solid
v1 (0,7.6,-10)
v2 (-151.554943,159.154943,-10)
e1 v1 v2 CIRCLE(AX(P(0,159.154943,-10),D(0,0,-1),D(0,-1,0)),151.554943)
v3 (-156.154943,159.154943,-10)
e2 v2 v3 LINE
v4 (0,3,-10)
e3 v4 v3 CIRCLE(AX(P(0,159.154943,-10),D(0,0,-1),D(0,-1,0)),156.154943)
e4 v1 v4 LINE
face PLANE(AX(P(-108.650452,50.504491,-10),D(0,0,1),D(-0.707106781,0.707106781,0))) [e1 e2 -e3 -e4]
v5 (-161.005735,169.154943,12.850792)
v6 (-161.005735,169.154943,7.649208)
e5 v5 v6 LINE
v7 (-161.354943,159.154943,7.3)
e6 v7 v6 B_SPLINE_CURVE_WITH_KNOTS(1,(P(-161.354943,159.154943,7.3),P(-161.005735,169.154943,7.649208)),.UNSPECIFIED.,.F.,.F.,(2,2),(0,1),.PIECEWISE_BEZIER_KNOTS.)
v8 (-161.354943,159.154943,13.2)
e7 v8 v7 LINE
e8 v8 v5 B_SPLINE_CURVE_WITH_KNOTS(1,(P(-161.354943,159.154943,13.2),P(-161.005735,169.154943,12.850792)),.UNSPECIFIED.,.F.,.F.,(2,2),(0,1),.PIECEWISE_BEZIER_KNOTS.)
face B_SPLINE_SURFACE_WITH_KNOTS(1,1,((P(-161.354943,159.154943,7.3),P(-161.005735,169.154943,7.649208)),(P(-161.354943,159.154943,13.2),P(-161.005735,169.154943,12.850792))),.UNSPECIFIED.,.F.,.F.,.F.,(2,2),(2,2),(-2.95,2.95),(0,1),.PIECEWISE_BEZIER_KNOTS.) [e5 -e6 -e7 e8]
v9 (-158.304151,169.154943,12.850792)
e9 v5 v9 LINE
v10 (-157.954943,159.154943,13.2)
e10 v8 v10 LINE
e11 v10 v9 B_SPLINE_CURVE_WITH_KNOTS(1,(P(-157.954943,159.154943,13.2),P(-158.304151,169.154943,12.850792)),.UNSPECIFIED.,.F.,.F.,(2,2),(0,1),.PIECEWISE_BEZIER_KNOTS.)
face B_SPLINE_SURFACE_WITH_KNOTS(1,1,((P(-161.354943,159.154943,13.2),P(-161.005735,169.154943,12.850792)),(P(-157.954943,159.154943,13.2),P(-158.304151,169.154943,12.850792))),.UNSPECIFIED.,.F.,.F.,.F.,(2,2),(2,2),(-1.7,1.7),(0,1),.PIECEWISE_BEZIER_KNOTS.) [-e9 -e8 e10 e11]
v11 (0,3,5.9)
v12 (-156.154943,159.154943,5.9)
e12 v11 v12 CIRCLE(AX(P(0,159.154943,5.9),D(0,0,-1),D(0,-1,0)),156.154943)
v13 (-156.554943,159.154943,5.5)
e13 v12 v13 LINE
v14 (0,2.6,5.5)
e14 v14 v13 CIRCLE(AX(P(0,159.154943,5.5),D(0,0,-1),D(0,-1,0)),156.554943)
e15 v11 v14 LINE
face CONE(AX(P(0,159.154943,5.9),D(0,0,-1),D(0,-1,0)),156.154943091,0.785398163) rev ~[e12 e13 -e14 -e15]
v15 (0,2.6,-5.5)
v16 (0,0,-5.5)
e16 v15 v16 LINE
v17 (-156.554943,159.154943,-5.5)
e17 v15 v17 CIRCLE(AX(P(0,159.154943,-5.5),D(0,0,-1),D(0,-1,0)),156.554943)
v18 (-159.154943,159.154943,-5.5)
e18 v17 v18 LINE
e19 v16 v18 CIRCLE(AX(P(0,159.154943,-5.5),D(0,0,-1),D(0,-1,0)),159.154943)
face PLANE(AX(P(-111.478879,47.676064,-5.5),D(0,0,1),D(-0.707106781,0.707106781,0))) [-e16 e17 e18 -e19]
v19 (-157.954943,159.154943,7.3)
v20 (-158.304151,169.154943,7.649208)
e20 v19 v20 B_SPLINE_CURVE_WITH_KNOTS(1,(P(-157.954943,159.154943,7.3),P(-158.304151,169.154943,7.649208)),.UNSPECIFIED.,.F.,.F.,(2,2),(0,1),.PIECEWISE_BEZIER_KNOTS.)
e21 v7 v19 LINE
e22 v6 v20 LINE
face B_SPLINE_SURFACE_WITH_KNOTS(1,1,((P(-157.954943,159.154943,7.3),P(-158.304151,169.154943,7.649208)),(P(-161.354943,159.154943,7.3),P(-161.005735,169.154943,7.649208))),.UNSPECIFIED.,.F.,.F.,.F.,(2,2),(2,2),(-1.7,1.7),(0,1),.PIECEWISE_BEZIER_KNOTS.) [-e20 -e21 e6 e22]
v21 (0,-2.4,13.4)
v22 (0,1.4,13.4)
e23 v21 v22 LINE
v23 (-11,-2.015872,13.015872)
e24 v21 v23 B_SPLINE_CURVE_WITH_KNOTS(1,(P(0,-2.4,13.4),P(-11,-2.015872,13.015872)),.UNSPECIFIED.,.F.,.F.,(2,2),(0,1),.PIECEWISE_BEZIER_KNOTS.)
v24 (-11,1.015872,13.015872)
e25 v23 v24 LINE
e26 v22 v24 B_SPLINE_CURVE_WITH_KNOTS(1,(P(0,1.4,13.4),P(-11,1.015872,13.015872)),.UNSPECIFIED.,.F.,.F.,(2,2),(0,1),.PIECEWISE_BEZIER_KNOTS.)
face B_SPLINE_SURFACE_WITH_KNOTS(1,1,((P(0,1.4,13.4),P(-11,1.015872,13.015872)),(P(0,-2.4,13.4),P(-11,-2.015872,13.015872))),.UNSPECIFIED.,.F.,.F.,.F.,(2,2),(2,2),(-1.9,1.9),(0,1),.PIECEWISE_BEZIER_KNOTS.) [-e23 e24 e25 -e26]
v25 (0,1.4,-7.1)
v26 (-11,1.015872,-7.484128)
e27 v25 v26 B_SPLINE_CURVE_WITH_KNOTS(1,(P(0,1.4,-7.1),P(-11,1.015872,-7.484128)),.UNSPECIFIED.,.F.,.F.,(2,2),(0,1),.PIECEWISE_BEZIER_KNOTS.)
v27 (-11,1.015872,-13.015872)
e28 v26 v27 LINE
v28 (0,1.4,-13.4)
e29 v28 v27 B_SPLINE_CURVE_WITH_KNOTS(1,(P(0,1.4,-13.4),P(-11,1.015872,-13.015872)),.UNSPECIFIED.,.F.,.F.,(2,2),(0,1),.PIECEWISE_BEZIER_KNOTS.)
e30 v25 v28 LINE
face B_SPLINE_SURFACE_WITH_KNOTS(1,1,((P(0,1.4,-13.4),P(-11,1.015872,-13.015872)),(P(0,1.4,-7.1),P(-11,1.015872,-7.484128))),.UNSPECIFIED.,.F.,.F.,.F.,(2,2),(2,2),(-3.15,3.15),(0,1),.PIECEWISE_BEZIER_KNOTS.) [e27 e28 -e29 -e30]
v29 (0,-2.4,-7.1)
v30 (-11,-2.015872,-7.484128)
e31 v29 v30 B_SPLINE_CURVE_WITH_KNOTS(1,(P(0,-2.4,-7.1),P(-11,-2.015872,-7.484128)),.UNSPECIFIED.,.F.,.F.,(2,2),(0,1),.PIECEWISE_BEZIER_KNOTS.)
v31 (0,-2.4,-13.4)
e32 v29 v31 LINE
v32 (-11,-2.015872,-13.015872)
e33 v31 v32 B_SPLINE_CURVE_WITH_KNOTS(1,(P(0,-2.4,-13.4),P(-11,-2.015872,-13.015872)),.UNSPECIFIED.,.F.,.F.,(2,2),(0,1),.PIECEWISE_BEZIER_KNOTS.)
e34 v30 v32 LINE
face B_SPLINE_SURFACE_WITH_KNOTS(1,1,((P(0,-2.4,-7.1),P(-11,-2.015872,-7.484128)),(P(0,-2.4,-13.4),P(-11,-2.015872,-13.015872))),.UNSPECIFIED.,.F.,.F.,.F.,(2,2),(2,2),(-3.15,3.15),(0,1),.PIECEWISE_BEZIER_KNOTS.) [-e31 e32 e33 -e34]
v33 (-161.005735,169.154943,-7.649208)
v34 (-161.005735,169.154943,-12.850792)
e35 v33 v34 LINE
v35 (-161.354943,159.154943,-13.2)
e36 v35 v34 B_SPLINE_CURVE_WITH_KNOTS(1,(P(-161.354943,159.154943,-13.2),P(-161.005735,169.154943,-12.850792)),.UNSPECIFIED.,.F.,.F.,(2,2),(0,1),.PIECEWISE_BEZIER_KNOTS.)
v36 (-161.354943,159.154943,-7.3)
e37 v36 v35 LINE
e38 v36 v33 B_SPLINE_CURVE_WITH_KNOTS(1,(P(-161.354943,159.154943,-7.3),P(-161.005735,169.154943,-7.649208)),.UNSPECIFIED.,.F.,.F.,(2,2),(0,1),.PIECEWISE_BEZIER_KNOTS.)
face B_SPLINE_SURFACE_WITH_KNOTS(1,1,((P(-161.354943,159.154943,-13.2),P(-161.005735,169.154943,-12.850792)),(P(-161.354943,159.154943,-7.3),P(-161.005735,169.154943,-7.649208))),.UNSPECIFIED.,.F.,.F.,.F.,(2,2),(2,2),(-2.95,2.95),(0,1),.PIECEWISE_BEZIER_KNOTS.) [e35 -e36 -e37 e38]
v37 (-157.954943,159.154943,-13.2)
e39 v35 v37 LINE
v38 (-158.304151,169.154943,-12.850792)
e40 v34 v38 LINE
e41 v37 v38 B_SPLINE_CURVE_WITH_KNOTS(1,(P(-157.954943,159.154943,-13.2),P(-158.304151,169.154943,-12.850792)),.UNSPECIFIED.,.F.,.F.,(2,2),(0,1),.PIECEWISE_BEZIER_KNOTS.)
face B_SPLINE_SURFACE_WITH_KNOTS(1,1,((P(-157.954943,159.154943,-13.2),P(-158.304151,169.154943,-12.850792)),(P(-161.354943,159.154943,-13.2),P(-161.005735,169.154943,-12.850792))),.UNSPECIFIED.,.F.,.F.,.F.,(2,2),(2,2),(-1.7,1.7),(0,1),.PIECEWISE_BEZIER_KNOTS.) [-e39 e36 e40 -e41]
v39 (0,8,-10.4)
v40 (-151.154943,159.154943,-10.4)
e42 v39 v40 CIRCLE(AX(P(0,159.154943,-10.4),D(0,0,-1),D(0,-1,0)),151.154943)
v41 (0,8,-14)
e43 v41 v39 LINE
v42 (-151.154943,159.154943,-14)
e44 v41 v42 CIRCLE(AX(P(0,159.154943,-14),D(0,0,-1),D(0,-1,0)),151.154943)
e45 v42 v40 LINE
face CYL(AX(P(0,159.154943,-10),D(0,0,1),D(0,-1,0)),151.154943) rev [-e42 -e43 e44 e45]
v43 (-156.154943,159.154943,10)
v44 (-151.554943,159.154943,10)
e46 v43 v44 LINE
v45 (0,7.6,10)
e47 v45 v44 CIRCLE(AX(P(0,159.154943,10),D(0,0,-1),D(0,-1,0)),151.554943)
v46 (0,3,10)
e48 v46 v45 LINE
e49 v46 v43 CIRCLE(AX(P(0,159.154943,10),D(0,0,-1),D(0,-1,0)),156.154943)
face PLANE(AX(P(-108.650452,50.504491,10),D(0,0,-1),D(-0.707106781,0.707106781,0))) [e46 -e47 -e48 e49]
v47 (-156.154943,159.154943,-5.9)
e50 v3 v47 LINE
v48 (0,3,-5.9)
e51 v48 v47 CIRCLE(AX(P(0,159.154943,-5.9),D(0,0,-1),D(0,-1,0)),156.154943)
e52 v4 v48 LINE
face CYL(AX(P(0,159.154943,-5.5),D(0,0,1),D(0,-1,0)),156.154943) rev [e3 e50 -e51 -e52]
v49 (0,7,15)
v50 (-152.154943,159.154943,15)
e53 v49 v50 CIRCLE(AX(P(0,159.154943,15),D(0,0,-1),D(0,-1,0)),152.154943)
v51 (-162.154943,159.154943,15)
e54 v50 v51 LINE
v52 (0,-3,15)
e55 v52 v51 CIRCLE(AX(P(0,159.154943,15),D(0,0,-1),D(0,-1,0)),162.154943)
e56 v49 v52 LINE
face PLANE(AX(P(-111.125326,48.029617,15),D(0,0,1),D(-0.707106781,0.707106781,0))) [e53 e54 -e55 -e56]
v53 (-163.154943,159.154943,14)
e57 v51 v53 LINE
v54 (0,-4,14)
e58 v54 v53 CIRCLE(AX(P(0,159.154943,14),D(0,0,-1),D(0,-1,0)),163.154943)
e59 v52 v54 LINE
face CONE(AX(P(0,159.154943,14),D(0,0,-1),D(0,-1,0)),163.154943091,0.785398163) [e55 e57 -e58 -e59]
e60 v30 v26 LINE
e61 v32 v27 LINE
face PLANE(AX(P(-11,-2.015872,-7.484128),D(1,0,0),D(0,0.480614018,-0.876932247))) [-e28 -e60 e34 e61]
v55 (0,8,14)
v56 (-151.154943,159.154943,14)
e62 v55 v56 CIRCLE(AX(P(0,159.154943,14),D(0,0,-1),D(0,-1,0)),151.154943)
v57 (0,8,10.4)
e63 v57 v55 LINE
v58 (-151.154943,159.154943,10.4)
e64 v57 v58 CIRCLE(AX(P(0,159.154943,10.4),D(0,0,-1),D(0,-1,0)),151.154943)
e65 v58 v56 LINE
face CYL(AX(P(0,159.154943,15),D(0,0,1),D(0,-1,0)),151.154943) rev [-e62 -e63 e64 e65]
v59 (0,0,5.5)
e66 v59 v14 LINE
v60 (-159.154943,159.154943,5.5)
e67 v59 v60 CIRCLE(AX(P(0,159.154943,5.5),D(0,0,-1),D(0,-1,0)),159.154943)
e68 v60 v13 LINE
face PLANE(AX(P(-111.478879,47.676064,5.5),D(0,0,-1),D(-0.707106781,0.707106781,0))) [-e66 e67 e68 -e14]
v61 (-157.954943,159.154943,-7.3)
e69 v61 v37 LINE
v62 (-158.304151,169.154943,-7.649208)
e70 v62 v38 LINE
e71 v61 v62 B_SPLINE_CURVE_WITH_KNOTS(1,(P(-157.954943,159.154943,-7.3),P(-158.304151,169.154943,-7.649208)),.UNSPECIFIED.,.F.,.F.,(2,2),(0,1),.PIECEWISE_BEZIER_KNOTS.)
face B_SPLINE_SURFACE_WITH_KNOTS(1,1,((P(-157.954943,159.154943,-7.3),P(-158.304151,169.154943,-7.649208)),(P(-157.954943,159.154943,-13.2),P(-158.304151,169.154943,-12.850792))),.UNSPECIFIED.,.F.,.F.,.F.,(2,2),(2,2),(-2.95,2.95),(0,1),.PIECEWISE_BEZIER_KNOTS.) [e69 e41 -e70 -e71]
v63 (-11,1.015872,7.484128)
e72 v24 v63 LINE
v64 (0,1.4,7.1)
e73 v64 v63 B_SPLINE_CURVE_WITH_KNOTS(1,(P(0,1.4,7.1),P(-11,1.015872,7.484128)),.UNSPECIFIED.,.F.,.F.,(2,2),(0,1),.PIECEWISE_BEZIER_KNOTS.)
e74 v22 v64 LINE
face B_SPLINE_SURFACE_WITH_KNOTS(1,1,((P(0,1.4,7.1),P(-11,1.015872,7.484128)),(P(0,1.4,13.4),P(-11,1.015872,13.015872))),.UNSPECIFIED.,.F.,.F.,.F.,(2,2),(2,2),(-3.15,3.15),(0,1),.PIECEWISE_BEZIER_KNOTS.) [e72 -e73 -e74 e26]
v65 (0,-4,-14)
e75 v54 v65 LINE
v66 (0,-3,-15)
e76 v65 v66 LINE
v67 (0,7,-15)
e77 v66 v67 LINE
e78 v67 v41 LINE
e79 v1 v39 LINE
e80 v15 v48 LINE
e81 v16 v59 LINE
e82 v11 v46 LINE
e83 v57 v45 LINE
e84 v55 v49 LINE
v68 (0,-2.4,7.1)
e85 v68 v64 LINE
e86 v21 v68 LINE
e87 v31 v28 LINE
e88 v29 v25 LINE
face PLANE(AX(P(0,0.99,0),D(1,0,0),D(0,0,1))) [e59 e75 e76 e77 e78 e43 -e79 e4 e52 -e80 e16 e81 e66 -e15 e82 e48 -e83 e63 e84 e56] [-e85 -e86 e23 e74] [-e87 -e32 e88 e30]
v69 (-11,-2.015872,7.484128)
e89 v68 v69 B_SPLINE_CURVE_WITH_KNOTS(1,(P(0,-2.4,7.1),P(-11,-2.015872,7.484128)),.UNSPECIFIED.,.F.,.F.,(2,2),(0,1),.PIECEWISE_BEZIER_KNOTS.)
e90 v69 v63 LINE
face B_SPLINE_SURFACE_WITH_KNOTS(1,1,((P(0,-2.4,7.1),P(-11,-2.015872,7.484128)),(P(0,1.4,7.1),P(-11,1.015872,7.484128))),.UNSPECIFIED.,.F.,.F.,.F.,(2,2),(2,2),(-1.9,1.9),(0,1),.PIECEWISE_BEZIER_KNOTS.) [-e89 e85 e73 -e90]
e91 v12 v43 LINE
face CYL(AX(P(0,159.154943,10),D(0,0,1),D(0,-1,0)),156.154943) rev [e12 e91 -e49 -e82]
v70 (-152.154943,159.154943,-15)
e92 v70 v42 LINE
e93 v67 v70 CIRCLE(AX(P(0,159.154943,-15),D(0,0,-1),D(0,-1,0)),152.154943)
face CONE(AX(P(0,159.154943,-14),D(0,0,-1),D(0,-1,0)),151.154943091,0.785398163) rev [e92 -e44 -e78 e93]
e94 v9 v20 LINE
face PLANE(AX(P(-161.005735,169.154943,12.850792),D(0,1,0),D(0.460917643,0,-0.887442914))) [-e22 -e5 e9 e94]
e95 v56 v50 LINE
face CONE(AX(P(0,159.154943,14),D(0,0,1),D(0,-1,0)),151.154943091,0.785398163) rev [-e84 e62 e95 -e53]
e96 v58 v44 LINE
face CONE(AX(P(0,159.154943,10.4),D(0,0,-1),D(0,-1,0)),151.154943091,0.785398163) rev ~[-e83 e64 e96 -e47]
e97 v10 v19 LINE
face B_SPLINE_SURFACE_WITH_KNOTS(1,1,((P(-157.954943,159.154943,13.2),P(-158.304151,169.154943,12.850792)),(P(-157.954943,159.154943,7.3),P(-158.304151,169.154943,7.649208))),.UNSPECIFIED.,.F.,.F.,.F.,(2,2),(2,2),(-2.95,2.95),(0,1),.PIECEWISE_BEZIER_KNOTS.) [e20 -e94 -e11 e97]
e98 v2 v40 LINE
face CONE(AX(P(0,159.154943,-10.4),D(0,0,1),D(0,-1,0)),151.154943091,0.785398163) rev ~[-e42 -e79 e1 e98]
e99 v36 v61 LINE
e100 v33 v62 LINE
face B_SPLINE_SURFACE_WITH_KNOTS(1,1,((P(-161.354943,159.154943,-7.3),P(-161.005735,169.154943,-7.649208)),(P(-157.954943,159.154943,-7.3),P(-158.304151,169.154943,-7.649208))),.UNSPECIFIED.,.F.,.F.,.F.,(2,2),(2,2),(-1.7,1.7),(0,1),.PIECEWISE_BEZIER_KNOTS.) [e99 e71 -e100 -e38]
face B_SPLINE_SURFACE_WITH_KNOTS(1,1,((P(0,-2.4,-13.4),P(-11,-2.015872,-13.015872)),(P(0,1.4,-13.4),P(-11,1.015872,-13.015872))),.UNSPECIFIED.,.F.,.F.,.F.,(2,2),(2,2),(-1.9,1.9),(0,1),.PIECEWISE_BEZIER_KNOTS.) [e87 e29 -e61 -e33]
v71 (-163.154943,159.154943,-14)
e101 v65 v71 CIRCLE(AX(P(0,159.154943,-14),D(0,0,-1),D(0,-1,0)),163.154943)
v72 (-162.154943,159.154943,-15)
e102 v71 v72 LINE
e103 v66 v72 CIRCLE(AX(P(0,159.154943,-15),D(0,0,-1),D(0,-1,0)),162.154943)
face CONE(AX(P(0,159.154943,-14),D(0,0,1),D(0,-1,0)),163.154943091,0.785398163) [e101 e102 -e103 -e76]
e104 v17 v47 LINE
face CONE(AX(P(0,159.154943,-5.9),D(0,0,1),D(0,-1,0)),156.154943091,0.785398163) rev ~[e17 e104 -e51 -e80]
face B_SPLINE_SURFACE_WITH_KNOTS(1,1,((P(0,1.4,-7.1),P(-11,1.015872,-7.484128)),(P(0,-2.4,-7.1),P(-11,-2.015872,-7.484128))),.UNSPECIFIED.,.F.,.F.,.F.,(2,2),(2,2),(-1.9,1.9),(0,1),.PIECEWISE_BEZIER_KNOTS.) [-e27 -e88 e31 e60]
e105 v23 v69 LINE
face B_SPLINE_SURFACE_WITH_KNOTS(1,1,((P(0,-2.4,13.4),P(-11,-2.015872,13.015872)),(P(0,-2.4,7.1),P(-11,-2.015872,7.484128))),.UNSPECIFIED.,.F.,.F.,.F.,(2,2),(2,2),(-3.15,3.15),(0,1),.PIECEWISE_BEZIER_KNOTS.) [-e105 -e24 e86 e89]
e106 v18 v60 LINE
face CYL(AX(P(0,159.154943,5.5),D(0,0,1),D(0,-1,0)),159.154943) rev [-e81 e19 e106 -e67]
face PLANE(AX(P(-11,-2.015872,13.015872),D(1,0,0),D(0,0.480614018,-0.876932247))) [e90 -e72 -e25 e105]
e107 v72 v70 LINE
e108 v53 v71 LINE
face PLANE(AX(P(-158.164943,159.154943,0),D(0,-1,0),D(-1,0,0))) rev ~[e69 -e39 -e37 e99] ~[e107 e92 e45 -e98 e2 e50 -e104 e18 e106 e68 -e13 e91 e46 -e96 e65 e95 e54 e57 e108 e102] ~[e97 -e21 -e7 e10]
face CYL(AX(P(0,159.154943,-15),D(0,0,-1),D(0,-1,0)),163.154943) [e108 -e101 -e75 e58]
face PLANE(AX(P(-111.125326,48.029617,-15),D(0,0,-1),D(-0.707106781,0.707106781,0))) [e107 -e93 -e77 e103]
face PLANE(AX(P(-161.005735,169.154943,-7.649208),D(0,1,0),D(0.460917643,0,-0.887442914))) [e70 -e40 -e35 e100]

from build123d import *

# Parameters (mm, degrees)
CHANFREIN1_SIZE         = 1
CHANFREIN3_SIZE         = 0.4
ESQUISSE5_W             = 6.3
ESQUISSE5_H             = 3.8
ENL_V_MAT_EXTRU_1_DEPTH = 11
ENL_V_MAT_EXTRU_1_TAPER = 2
ESQUISSE6_W             = 3.4
ESQUISSE6_H             = 5.9
BOSS_EXTRU_2_DEPTH      = 10
BOSS_EXTRU_2_TAPER      = 2


with BuildPart() as part:
    # Balayage1: sweep along a path in Esquisse1
    with BuildLine(Plane.XY) as balayage1_path:
        ThreePointArc((0, 0), (-112.53953952, 46.615403572), (-159.154943092, 159.154943092))
    # Esquisse2 → Balayage1 (sweep)
    with BuildSketch(Plane(origin=(0, 0, 0), x_dir=(0, 0, -1), z_dir=(1, 0, 0))):
        Polygon((-5.5, 0), (5.5, 0), (5.5, 3), (10, 3), (10, 8), (15, 8), (15, -4), (-15, -4), (-15, 8), (-10, 8), (-10, 3), (-5.5, 3), align=None)
    sweep(path=balayage1_path.line)

    # Chanfrein1
    chanfrein1_edges = [part.edges().sort_by_distance(p)[0] for p in [
        (-106.88268527, 52.272257822, 15),
        (-115.367966644, 43.786976448, 15),
        (-115.367966644, 43.786976448, -15),
        (-106.88268527, 52.272257822, -15),
    ]]
    chamfer(chanfrein1_edges, length=CHANFREIN1_SIZE)

    # Chanfrein3
    chanfrein3_edges = [part.edges().sort_by_distance(p)[0] for p in [
        (-106.88268527, 52.272257822, 10),
        (-106.88268527, 52.272257822, -10),
        (-110.418219176, 48.736723916, -5.5),
        (-110.418219176, 48.736723916, 5.5),
    ]]
    chamfer(chanfrein3_edges, length=CHANFREIN3_SIZE)

    # Esquisse5 → Enlèv. mat.-Extru.1 (cut)
    with BuildSketch(Plane(origin=(0, 0, 0), x_dir=(0, 0, -1), z_dir=(1, 0, 0))):
        with Locations((-10.25, -0.5)):
            Rectangle(ESQUISSE5_W, ESQUISSE5_H)
        with Locations((10.25, -0.5)):
            Rectangle(ESQUISSE5_W, ESQUISSE5_H)
    extrude(amount=-ENL_V_MAT_EXTRU_1_DEPTH, taper=ENL_V_MAT_EXTRU_1_TAPER, mode=Mode.SUBTRACT)

    # Esquisse6 → Boss.-Extru.2 (add)
    with BuildSketch(Plane(origin=(0, 159.154943092, 0), x_dir=(1, 0, 0), z_dir=(0, 1, 0))):
        with Locations((-159.654943092, -10.25)):
            Rectangle(ESQUISSE6_W, ESQUISSE6_H)
        with Locations((-159.654943092, 10.25)):
            Rectangle(ESQUISSE6_W, ESQUISSE6_H)
    extrude(amount=BOSS_EXTRU_2_DEPTH, taper=BOSS_EXTRU_2_TAPER)


solid = part.part
